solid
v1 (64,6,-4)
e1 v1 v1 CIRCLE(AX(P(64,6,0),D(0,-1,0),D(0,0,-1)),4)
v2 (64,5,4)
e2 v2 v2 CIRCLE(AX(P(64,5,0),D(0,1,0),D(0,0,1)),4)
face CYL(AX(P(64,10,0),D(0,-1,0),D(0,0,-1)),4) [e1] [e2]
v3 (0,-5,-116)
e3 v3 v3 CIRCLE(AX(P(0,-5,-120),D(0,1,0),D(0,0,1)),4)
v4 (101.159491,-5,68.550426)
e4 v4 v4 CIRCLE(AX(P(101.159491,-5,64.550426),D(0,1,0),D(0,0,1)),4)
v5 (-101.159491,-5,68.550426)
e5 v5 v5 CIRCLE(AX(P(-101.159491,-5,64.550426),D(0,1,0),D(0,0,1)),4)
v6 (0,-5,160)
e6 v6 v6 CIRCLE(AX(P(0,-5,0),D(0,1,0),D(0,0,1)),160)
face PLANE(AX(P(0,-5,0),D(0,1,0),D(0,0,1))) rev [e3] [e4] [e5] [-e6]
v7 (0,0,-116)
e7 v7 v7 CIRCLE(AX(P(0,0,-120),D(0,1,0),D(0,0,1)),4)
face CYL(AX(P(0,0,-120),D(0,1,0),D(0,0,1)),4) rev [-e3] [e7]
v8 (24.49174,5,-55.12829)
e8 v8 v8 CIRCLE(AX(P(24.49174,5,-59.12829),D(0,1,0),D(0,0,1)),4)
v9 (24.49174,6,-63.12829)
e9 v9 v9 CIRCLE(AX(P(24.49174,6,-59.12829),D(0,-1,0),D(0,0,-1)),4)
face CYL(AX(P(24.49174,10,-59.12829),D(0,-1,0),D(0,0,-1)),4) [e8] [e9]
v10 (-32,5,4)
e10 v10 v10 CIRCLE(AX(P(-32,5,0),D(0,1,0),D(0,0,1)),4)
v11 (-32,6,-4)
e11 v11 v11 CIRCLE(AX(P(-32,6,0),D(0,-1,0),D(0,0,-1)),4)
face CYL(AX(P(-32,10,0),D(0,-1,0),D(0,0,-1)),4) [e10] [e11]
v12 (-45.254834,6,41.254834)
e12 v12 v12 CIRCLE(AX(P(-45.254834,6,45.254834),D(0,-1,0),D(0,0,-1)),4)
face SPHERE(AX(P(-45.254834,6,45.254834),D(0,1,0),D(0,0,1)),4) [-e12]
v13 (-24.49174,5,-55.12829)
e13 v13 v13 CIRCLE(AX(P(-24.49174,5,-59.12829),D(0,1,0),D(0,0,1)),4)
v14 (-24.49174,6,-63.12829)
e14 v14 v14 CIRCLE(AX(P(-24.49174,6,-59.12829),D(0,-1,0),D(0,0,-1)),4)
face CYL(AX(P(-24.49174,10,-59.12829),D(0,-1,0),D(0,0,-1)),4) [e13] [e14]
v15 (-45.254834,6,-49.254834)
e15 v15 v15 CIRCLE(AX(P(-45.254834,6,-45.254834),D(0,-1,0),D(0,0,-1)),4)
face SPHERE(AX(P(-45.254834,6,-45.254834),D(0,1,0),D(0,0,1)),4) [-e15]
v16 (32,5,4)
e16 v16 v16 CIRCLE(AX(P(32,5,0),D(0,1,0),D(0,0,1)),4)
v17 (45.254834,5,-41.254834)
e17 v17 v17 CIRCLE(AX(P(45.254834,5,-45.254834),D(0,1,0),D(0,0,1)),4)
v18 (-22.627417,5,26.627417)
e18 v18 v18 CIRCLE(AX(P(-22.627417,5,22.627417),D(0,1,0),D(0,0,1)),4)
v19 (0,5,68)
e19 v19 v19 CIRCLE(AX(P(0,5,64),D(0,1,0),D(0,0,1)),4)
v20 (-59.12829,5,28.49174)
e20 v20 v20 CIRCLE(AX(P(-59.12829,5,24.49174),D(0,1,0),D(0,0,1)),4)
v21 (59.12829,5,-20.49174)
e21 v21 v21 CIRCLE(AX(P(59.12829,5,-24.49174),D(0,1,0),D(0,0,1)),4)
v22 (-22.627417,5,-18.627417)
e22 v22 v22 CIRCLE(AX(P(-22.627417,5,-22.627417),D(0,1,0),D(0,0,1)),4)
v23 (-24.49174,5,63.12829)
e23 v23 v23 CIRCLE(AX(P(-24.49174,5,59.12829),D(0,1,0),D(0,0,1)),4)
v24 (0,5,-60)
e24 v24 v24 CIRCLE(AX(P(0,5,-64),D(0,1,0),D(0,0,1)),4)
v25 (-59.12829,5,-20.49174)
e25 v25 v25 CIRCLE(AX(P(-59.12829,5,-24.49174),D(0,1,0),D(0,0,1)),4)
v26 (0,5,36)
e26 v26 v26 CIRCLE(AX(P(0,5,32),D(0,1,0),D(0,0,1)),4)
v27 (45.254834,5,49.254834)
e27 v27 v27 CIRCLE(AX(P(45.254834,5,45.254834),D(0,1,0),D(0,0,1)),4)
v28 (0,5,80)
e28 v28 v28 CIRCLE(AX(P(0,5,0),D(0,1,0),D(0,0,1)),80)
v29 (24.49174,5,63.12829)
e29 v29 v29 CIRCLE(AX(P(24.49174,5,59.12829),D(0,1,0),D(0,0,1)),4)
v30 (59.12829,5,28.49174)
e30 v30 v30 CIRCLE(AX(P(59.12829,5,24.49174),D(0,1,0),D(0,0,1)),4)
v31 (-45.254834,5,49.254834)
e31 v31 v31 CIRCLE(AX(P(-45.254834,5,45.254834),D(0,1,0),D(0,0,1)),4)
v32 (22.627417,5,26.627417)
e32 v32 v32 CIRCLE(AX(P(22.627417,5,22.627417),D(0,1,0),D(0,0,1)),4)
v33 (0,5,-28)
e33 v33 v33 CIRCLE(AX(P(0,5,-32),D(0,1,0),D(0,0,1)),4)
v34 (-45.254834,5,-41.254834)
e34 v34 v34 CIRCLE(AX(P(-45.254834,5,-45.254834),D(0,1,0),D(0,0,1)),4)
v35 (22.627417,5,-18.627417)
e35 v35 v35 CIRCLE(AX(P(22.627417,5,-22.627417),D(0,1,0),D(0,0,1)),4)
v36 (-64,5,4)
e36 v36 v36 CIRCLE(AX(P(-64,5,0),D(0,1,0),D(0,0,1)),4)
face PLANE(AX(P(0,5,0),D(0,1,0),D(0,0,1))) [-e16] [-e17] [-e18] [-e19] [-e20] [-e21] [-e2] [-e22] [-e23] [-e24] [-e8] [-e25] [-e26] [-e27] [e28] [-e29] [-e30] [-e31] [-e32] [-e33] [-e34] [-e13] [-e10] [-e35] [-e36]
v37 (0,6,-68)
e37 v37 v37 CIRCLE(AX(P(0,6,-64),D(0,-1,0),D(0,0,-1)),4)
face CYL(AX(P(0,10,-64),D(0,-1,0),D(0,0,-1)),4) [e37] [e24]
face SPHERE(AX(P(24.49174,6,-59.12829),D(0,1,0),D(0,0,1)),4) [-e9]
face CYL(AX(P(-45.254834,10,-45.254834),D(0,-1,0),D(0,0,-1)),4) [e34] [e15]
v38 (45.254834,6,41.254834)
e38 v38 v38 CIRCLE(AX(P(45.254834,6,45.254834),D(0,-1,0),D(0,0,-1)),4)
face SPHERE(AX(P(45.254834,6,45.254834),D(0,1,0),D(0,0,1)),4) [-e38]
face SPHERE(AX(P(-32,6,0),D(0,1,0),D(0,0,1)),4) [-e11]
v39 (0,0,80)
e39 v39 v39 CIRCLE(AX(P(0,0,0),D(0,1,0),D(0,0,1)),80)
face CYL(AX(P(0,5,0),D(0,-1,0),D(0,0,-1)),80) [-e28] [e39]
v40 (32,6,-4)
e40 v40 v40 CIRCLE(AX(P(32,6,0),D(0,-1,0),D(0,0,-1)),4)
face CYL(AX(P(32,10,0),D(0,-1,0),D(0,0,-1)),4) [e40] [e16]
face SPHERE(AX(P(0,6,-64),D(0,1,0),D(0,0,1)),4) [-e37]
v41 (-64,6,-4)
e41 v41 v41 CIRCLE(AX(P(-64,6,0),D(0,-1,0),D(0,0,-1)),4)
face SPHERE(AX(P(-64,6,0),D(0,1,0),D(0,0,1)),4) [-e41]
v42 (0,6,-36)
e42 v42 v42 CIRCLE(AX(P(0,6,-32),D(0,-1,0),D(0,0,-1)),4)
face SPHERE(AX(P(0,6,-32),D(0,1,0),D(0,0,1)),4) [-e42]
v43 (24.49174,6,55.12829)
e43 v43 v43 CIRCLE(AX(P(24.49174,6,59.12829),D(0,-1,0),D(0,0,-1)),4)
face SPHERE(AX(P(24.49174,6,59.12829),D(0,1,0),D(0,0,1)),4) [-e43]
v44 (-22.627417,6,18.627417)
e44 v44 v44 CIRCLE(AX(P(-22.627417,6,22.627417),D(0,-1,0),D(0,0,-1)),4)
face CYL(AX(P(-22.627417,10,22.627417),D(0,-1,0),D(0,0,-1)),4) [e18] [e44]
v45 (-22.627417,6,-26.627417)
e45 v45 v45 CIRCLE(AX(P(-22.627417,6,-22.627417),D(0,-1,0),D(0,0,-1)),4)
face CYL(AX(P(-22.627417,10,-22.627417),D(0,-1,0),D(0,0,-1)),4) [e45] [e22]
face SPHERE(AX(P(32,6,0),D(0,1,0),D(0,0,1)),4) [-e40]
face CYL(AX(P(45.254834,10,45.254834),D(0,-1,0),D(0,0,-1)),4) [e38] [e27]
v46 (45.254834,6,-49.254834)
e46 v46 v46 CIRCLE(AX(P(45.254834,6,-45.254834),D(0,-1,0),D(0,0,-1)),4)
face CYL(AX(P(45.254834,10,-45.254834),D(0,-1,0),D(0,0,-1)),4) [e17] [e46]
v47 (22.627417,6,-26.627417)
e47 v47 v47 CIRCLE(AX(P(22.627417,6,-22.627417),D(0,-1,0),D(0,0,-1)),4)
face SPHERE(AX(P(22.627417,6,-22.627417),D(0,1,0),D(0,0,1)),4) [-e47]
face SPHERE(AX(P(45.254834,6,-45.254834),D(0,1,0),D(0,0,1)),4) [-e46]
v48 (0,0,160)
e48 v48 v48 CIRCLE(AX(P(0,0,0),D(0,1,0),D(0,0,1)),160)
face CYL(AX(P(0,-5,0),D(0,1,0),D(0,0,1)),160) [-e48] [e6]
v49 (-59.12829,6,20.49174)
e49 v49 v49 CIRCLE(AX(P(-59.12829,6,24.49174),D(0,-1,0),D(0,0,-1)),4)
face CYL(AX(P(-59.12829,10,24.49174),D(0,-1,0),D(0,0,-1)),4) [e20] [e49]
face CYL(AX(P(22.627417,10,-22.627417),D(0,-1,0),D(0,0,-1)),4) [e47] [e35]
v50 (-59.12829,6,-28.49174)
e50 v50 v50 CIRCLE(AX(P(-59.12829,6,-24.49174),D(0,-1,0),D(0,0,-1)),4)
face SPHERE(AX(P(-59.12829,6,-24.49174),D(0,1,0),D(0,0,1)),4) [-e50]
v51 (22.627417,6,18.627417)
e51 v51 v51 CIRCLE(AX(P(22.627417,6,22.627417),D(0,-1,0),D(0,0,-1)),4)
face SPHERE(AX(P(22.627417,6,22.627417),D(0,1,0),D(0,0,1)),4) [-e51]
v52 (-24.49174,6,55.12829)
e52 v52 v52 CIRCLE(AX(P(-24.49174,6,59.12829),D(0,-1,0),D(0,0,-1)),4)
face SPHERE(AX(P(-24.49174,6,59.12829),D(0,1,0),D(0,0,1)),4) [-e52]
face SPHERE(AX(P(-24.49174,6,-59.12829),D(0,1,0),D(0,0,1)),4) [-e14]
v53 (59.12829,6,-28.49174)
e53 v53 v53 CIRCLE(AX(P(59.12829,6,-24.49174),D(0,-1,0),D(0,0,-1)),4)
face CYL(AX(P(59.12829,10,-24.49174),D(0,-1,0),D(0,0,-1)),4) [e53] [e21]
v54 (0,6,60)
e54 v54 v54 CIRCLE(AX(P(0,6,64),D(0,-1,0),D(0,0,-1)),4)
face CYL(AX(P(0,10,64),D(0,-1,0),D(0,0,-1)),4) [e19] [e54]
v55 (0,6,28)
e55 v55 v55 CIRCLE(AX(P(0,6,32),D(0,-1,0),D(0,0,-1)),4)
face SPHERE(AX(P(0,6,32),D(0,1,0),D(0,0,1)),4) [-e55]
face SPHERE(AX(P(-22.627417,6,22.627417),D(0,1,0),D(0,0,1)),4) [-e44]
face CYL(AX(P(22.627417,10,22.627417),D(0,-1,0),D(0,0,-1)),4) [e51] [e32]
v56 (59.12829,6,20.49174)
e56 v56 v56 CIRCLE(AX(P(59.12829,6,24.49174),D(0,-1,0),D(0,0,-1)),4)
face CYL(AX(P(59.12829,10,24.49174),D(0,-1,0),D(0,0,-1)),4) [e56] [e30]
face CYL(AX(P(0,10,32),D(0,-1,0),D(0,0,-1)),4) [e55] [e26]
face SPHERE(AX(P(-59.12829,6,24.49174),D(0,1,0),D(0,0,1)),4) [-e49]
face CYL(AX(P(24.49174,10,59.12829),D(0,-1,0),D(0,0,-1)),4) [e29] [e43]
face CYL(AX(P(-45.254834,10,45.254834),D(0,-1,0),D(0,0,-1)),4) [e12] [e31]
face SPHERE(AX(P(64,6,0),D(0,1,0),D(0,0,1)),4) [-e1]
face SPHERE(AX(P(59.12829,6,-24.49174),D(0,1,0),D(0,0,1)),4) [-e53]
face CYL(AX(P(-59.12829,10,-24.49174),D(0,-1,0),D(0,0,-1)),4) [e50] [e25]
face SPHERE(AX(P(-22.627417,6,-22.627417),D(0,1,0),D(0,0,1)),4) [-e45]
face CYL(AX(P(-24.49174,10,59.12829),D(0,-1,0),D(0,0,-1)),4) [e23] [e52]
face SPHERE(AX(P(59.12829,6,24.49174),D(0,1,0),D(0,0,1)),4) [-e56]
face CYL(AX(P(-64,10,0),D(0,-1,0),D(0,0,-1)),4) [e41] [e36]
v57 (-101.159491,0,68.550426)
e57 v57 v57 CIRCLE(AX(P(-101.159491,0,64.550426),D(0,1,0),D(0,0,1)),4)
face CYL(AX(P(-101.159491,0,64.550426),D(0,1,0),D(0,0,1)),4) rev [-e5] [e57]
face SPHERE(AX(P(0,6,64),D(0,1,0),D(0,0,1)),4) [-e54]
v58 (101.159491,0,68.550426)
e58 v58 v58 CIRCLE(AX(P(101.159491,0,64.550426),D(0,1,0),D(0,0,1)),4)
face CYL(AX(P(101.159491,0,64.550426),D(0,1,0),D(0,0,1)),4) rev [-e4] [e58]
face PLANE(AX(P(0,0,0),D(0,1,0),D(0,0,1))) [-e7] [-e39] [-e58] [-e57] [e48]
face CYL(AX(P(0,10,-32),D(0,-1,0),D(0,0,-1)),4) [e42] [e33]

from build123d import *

# Parameters (mm, degrees)
SKETCH_1_R      = 80
EXTRUDE_1_DEPTH = 5
SKETCH_2_R      = 160
EXTRUDE_2_DEPTH = 5
MM_1_D          = 8
MM_1_DEPTH      = 10
MM_1_TIP        = 2.403442476
SKETCH_6_R      = 4
EXTRUDE_3_DEPTH = 5
FILLET_1_R      = 4
SKETCH_8_R      = 4
EXTRUDE_4_DEPTH = 5
FILLET_2_R      = 4


with BuildPart() as part:
    # 草图1 → 凸台-拉伸1 (new body)
    with BuildSketch(Plane(origin=(0, 0, 0), x_dir=(1, 0, 0), z_dir=(0, 1, 0))):
        with Locations(Location((0, 0, 0), (0, 0, 270))):
            Circle(SKETCH_1_R)
    extrude(amount=EXTRUDE_1_DEPTH)

    # 草图2 → 凸台-拉伸2 (add)
    with BuildSketch(Plane(origin=(0, 0, 0), x_dir=(1, 0, 0), z_dir=(0, 1, 0))):
        with Locations(Location((0, 0, 0), (0, 0, 270))):
            Circle(SKETCH_2_R)
    extrude(amount=-EXTRUDE_2_DEPTH)

    # 大小mm 暗销孔1
    with Locations(Plane(origin=(0, 0, -120), x_dir=(0, 0, 1), z_dir=(0, 1, 0))):
        with Locations((0, 0), (184.550425689, -101.159490624), (184.550425689, 101.159490624)):
            Hole(MM_1_D / 2, depth=MM_1_DEPTH)
            with Locations((0, 0, -(MM_1_DEPTH + MM_1_TIP / 2))):  # 118° drill point
                Cone(0, MM_1_D / 2, MM_1_TIP, mode=Mode.SUBTRACT)

    # 草图6 → 凸台-拉伸3 (add)
    with BuildSketch(Plane(origin=(0, 5, 0), x_dir=(1, 0, 0), z_dir=(0, 1, 0))):
        with Locations(Location((0, 64, 0), (0, 0, 270))):
            Circle(SKETCH_6_R)
        with Locations(Location((24.491739671, 59.128290081, 0), (0, 0, 270))):
            Circle(SKETCH_6_R)
        with Locations(Location((45.254833996, 45.254833996, 0), (0, 0, 270))):
            Circle(SKETCH_6_R)
        with Locations(Location((59.128290081, 24.491739671, 0), (0, 0, 270))):
            Circle(SKETCH_6_R)
        with Locations(Location((64, 0, 0), (0, 0, 270))):
            Circle(SKETCH_6_R)
        with Locations(Location((59.128290081, -24.491739671, 0), (0, 0, 270))):
            Circle(SKETCH_6_R)
        with Locations(Location((45.254833996, -45.254833996, 0), (0, 0, 270))):
            Circle(SKETCH_6_R)
        with Locations(Location((24.491739671, -59.128290081, 0), (0, 0, 270))):
            Circle(SKETCH_6_R)
        with Locations(Location((0, -64, 0), (0, 0, 270))):
            Circle(SKETCH_6_R)
        with Locations(Location((-24.491739671, -59.128290081, 0), (0, 0, 270))):
            Circle(SKETCH_6_R)
        with Locations(Location((-45.254833996, -45.254833996, 0), (0, 0, 270))):
            Circle(SKETCH_6_R)
        with Locations(Location((-59.128290081, -24.491739671, 0), (0, 0, 270))):
            Circle(SKETCH_6_R)
        with Locations(Location((-64, 0, 0), (0, 0, 270))):
            Circle(SKETCH_6_R)
        with Locations(Location((-59.128290081, 24.491739671, 0), (0, 0, 270))):
            Circle(SKETCH_6_R)
        with Locations(Location((-45.254833996, 45.254833996, 0), (0, 0, 270))):
            Circle(SKETCH_6_R)
        with Locations(Location((-24.491739671, 59.128290081, 0), (0, 0, 270))):
            Circle(SKETCH_6_R)
    extrude(amount=EXTRUDE_3_DEPTH)

    # 圆角1
    fillet_1_edges = [part.edges().sort_by_distance(p)[0] for p in [
        (0, 10, -68),
        (24.491739671, 10, -63.128290081),
        (45.254833996, 10, -49.254833996),
        (59.128290081, 10, -28.491739671),
        (64, 10, -4),
        (59.128290081, 10, 20.491739671),
        (45.254833996, 10, 41.254833996),
        (24.491739671, 10, 55.128290081),
        (0, 10, 60),
        (-24.491739671, 10, 55.128290081),
        (-45.254833996, 10, 41.254833996),
        (-59.128290081, 10, 20.491739671),
        (-64, 10, -4),
        (-59.128290081, 10, -28.491739671),
        (-45.254833996, 10, -49.254833996),
        (-24.491739671, 10, -63.128290081),
    ]]
    fillet(fillet_1_edges, radius=FILLET_1_R)

    # 草图8 → 凸台-拉伸4 (add)
    with BuildSketch(Plane(origin=(0, 5, 0), x_dir=(1, 0, 0), z_dir=(0, 1, 0))):
        with Locations(Location((0, 32, 0), (0, 0, 270))):
            Circle(SKETCH_8_R)
        with Locations(Location((22.627416998, 22.627416998, 0), (0, 0, 270))):
            Circle(SKETCH_8_R)
        with Locations(Location((32, 0, 0), (0, 0, 270))):
            Circle(SKETCH_8_R)
        with Locations(Location((22.627416998, -22.627416998, 0), (0, 0, 270))):
            Circle(SKETCH_8_R)
        with Locations(Location((0, -32, 0), (0, 0, 270))):
            Circle(SKETCH_8_R)
        with Locations(Location((-22.627416998, -22.627416998, 0), (0, 0, 270))):
            Circle(SKETCH_8_R)
        with Locations(Location((-32, 0, 0), (0, 0, 270))):
            Circle(SKETCH_8_R)
        with Locations(Location((-22.627416998, 22.627416998, 0), (0, 0, 270))):
            Circle(SKETCH_8_R)
    extrude(amount=EXTRUDE_4_DEPTH)

    # 圆角2
    fillet_2_edges = [part.edges().sort_by_distance(p)[0] for p in [
        (0, 10, -36),
        (22.627416998, 10, -26.627416998),
        (32, 10, -4),
        (22.627416998, 10, 18.627416998),
        (0, 10, 28),
        (-22.627416998, 10, 18.627416998),
        (-32, 10, -4),
        (-22.627416998, 10, -26.627416998),
    ]]
    fillet(fillet_2_edges, radius=FILLET_2_R)


solid = part.part
